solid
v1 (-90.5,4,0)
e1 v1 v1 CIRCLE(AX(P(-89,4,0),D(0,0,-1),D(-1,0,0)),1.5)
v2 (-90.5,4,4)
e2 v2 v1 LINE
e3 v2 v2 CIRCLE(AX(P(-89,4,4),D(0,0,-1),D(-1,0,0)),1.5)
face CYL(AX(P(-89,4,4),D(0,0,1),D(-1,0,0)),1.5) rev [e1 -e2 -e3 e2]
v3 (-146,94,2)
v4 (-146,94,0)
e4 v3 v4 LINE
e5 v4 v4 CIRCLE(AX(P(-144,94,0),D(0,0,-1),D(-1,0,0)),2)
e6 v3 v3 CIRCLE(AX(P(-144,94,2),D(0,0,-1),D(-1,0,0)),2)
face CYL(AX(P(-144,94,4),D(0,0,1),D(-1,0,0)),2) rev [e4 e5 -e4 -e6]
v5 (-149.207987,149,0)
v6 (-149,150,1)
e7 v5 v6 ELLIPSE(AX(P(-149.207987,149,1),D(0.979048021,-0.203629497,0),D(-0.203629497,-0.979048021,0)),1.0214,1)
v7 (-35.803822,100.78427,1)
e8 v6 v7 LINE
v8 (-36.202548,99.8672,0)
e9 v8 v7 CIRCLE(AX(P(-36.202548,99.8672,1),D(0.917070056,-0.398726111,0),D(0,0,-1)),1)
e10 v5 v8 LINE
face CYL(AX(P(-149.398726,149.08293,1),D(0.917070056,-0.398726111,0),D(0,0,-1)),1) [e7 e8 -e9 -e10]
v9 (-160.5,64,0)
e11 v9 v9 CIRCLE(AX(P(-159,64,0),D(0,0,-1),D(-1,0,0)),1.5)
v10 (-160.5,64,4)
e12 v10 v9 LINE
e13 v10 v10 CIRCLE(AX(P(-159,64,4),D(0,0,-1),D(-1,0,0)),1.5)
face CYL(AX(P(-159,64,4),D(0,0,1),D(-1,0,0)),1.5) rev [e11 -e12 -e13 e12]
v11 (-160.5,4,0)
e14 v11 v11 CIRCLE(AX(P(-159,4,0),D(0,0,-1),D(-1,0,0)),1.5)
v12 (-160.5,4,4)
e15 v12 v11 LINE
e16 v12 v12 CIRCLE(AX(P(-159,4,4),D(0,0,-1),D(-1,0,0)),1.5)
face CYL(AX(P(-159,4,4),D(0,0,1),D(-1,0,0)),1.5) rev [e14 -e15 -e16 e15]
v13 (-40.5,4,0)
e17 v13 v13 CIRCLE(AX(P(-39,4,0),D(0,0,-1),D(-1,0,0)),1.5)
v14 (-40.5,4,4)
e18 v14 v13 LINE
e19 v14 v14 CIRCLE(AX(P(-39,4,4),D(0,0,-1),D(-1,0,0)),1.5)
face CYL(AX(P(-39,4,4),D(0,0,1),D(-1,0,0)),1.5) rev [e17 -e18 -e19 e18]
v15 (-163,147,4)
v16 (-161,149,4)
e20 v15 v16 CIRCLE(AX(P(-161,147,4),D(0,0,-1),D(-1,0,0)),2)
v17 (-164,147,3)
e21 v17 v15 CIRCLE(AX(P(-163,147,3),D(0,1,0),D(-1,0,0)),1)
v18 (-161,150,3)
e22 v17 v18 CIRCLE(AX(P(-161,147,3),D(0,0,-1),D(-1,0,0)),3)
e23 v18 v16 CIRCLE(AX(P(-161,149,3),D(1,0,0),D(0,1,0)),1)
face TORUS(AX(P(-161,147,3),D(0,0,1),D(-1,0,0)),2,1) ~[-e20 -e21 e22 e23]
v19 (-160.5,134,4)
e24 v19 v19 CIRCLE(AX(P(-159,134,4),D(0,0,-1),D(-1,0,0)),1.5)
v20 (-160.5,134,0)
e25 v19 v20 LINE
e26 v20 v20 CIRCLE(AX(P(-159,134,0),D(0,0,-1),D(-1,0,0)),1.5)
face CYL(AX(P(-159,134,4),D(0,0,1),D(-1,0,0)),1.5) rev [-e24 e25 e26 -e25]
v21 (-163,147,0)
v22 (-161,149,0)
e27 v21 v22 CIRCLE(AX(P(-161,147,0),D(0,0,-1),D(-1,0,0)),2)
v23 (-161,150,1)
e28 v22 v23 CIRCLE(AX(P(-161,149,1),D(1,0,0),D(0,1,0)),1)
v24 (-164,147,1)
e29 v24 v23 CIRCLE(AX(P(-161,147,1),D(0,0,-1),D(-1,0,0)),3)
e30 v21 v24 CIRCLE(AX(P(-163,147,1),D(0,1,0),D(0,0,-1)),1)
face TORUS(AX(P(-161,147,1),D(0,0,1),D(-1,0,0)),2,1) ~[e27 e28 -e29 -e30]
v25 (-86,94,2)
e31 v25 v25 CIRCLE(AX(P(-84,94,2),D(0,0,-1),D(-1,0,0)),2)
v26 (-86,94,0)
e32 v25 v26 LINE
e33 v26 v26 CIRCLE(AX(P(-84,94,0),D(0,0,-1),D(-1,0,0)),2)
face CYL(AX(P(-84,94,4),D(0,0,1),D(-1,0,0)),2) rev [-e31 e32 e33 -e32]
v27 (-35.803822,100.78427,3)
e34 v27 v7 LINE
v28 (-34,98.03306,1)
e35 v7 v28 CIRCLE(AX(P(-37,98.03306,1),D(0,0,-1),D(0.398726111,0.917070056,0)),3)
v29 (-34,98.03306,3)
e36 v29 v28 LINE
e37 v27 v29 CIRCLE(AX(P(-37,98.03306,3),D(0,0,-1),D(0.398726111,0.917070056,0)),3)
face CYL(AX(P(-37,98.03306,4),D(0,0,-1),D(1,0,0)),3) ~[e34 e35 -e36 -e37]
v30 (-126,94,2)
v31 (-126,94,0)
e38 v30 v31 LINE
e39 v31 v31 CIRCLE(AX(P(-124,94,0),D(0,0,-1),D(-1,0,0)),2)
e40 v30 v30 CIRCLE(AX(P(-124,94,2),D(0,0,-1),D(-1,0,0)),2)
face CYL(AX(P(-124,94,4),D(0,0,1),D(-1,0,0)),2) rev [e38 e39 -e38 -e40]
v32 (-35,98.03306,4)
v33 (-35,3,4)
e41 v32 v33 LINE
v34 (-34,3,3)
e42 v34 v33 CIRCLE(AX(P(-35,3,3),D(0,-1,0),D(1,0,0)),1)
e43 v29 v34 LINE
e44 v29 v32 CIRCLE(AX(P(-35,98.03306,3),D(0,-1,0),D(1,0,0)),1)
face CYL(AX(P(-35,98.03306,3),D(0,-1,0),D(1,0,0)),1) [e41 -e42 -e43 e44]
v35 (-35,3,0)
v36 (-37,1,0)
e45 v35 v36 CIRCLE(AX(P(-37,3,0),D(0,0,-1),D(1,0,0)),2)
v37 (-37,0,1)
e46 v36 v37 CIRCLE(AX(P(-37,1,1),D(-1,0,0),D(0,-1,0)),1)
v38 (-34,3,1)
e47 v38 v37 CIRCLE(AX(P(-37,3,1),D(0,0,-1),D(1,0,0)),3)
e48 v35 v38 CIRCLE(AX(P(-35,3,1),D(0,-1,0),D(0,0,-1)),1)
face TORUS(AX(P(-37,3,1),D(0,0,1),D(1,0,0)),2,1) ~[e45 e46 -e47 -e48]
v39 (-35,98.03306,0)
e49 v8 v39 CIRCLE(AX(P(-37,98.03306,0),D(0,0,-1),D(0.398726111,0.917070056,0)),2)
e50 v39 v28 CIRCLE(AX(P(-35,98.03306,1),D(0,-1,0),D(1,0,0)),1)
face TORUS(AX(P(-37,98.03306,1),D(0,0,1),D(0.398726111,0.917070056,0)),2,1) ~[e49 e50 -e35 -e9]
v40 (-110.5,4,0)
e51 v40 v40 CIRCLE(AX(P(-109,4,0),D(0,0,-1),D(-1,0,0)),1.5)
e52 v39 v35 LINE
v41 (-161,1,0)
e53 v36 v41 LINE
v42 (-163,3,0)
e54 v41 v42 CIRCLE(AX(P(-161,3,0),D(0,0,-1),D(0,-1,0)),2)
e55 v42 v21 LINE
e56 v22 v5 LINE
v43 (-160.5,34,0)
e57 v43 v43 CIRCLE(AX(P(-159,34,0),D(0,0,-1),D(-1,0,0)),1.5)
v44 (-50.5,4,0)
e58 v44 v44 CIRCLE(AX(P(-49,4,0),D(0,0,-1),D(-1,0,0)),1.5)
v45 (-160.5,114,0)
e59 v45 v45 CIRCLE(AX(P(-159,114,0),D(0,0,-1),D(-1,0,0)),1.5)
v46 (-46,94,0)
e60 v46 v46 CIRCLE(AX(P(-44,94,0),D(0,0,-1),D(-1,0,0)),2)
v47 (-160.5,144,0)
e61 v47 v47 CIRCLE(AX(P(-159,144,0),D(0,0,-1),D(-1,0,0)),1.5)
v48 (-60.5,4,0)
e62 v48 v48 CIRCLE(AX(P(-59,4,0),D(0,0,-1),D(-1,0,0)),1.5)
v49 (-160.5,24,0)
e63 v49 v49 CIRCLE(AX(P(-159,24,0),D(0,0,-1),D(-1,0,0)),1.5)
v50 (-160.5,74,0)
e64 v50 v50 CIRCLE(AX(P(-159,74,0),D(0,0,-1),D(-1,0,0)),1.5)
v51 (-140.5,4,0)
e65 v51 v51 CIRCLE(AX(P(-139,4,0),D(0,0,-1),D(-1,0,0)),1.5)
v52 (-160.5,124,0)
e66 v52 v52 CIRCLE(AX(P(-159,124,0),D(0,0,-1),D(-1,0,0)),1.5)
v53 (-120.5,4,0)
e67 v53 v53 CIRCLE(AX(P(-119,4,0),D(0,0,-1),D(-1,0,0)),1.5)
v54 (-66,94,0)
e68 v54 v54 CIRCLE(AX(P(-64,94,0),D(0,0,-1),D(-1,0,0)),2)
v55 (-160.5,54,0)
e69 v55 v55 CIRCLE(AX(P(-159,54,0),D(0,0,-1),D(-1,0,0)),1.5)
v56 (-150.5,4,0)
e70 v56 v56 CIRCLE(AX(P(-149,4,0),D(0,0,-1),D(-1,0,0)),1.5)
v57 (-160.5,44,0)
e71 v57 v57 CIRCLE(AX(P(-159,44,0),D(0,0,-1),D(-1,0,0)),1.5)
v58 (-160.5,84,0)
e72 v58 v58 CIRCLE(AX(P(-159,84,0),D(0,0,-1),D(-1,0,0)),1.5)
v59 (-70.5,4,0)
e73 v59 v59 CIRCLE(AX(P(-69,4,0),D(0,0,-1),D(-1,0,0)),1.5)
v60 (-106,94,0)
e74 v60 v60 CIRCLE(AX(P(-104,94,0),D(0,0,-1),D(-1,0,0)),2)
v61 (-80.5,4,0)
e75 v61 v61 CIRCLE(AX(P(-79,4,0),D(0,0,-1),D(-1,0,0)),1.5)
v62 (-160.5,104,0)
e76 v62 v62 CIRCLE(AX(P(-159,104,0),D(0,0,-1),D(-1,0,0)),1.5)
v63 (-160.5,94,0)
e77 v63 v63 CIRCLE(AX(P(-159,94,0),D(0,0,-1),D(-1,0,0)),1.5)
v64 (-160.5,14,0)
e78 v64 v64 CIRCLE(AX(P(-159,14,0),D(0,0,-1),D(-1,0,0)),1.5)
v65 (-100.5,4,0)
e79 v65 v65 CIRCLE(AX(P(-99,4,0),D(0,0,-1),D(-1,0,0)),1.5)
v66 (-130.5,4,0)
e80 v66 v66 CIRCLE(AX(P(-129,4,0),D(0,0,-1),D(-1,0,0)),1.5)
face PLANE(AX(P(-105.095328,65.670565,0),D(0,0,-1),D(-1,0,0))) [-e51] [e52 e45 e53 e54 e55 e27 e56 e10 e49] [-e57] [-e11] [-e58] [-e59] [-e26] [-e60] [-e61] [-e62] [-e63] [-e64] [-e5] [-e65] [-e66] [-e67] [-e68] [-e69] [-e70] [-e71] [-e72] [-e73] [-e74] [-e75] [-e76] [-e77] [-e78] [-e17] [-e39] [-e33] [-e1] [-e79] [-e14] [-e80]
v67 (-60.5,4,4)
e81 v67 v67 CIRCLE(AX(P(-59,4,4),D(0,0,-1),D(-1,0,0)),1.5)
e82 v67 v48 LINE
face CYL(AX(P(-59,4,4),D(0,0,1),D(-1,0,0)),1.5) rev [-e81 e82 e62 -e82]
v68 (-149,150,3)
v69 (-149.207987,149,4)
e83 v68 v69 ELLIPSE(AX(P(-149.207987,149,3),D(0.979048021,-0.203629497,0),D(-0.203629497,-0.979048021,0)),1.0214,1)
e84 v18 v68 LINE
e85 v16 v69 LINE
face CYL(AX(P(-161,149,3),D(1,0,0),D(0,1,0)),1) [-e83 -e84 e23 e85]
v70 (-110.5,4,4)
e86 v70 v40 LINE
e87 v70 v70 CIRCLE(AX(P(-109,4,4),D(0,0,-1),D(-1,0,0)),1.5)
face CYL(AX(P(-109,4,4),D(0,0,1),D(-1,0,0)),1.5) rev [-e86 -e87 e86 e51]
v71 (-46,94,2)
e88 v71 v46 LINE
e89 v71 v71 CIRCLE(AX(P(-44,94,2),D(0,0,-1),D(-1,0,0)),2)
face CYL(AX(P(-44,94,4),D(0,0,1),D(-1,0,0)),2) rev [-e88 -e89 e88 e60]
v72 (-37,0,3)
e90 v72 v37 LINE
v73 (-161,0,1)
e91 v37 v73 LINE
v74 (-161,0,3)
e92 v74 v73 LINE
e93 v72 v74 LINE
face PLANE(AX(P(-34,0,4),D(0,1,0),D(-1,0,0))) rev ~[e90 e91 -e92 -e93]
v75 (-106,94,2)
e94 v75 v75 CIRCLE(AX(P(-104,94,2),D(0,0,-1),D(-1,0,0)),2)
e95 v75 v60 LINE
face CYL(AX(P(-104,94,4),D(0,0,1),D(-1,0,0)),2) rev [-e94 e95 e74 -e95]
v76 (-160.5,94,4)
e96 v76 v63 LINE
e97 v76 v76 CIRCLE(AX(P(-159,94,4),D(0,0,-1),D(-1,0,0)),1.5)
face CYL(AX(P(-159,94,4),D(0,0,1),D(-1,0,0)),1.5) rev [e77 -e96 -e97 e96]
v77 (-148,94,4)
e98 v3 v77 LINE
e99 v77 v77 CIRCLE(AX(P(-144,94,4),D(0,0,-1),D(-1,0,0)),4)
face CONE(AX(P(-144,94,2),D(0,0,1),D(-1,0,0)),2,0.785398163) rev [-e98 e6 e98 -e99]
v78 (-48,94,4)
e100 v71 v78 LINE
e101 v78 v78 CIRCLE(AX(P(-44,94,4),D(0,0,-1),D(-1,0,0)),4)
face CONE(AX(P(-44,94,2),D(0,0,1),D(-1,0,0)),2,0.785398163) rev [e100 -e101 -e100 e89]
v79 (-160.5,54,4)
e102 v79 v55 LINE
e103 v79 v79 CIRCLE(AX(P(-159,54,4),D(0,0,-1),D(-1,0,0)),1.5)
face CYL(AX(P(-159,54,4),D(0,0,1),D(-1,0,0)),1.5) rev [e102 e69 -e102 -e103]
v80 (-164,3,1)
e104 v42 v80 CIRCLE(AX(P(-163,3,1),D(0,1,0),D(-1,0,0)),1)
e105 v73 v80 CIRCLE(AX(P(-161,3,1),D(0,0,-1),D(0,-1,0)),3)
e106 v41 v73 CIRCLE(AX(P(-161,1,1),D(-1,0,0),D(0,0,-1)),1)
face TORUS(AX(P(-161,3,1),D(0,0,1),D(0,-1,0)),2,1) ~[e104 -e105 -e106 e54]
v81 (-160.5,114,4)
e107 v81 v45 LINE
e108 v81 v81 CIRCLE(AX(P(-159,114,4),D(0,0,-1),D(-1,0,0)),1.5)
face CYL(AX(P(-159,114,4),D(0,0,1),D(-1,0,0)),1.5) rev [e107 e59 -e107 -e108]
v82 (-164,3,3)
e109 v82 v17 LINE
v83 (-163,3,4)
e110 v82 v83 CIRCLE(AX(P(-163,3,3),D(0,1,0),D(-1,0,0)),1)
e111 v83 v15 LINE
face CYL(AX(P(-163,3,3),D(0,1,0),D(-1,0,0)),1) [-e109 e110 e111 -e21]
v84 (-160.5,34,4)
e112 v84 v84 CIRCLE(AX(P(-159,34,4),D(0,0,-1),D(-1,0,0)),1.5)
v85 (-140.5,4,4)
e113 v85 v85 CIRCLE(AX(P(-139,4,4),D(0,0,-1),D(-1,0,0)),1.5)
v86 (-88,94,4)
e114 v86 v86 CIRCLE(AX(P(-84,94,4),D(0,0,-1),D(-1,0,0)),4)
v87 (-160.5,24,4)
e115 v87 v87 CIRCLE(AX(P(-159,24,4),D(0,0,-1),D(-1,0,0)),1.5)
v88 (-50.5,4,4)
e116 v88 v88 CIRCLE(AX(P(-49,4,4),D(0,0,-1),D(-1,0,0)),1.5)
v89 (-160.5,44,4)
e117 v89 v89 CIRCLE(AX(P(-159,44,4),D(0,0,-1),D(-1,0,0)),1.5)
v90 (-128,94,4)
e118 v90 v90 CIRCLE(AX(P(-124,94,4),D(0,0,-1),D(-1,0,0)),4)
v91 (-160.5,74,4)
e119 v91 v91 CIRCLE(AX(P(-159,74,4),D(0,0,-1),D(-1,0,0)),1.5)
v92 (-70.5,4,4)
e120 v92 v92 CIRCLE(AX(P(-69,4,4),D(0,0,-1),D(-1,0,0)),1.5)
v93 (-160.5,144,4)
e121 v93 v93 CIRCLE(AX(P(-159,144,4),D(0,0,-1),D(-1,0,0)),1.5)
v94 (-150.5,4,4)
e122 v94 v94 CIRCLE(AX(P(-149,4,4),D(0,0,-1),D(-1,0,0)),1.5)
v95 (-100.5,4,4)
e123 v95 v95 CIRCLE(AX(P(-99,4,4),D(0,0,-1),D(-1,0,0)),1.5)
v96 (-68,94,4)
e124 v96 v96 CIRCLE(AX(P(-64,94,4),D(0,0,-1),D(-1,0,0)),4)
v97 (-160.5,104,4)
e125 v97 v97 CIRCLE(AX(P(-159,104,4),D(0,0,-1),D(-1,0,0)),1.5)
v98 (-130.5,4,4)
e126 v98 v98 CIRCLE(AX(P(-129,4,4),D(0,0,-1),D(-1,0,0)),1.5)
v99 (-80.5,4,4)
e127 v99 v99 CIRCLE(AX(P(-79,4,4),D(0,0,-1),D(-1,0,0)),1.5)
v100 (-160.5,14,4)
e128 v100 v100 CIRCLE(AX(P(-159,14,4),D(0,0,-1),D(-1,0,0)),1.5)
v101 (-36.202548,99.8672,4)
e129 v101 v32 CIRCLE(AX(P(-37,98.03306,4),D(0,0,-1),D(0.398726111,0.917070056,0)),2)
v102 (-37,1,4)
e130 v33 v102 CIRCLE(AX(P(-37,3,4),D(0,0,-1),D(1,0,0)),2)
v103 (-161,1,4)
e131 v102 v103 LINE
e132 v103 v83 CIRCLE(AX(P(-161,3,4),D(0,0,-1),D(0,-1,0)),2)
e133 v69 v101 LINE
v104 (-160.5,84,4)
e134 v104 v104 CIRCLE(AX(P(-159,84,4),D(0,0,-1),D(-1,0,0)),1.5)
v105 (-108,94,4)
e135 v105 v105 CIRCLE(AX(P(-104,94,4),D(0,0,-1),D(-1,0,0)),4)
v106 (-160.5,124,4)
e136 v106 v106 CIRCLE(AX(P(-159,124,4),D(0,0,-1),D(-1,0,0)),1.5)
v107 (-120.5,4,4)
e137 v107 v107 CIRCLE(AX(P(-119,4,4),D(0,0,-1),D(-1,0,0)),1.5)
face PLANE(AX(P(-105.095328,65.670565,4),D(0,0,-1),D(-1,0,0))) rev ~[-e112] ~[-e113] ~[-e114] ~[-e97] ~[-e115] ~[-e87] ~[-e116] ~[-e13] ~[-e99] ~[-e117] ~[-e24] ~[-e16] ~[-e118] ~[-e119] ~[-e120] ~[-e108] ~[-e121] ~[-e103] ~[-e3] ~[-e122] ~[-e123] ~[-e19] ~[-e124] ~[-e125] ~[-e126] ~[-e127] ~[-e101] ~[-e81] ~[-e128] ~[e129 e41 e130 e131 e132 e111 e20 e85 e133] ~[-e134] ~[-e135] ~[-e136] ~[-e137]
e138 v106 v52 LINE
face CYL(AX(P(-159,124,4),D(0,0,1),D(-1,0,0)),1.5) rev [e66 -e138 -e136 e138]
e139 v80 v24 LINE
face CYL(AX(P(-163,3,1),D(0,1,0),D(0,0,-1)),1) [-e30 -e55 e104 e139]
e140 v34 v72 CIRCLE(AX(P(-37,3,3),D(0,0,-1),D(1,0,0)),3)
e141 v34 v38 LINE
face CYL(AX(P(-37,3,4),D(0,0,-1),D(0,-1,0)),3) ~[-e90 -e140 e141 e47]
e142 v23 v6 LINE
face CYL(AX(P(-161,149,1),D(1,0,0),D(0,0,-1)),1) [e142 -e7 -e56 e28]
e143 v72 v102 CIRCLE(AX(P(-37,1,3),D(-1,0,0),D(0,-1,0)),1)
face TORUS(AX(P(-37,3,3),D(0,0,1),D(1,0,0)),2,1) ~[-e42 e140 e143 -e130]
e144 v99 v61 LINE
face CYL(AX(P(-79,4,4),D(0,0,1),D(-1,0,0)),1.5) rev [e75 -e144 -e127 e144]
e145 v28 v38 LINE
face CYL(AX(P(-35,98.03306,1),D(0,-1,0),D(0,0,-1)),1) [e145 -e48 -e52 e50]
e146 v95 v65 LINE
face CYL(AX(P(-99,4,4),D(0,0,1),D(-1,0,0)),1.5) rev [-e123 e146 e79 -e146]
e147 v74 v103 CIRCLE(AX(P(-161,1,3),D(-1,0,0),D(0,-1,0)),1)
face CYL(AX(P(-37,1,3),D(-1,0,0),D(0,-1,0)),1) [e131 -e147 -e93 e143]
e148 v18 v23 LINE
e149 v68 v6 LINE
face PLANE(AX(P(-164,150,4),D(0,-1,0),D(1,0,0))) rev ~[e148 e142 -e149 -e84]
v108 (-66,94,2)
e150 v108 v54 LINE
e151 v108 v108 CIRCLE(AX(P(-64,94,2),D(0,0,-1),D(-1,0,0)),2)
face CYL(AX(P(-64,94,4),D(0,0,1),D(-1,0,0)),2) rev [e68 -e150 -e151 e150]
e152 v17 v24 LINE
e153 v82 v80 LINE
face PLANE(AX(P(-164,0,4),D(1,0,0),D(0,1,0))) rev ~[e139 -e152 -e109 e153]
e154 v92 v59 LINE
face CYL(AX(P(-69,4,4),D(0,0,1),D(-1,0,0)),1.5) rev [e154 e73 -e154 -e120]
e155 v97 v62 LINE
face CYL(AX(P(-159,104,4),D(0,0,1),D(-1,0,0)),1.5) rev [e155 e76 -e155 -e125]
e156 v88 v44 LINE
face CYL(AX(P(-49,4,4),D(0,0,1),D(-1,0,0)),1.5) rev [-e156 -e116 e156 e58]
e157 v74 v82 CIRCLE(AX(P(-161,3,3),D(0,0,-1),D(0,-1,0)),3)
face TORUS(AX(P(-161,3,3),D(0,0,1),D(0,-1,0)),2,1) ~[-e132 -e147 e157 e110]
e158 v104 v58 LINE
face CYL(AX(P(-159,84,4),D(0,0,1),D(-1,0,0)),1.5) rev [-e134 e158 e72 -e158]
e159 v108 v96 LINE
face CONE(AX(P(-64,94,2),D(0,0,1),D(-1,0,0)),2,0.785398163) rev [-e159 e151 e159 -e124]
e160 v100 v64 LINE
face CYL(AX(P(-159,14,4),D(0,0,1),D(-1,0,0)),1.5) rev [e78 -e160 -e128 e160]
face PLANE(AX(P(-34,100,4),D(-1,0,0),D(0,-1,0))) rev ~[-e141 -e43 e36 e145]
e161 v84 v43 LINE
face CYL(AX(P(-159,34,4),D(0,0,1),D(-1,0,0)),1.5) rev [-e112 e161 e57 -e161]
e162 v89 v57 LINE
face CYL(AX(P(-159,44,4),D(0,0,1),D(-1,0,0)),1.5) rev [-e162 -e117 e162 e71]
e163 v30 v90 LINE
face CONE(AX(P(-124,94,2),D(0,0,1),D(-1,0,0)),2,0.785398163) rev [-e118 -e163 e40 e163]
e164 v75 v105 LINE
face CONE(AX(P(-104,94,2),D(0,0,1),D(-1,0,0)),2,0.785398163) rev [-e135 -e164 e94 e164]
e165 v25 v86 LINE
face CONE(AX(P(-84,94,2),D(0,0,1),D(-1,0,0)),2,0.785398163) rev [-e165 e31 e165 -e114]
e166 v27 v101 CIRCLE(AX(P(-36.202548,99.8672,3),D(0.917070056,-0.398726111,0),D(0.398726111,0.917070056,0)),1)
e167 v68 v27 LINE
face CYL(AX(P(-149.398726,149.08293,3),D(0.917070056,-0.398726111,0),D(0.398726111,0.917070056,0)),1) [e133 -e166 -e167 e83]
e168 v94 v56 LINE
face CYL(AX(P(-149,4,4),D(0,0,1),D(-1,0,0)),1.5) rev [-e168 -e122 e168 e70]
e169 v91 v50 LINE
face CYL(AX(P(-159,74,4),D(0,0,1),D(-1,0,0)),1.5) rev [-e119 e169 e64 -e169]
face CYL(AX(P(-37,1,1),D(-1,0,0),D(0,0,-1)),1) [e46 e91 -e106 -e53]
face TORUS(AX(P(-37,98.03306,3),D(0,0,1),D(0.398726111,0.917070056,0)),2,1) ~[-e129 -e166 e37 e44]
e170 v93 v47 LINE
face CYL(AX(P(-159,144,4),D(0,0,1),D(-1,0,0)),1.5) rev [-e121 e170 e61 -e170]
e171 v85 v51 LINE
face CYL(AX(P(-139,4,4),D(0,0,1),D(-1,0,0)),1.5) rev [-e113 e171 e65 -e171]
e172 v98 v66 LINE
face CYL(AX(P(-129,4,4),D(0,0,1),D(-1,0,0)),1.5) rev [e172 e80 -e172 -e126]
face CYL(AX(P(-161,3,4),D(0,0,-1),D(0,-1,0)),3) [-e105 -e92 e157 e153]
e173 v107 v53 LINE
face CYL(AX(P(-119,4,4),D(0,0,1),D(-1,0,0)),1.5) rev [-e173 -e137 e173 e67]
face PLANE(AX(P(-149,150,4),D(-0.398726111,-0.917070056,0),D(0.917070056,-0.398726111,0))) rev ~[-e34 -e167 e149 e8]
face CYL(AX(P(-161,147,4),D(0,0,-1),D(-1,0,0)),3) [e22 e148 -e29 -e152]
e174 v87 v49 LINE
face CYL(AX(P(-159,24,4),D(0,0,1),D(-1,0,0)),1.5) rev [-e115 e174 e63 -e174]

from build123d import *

# Parameters (mm, degrees)
SKETCH001_R             = 1.5
SKETCH001_R_2           = 2
PAD001_DEPTH            = 4
CHAMFER001_SIZE         = 2
FILLET002_R             = 3
FILLET003_R             = 1
BODY001_PLACEMENT_ANGLE = 180


with BuildPart() as part:
    # Sketch001 → Pad001 (new body)
    with BuildSketch(Plane.XY):
        Polygon((0, 0), (130, 0), (130, 150), (115, 150), (0, 100), align=None)
        with Locations((5, 4)):
            Circle(SKETCH001_R, mode=Mode.SUBTRACT)
        with Locations((15, 4)):
            Circle(SKETCH001_R, mode=Mode.SUBTRACT)
        with Locations((25, 4)):
            Circle(SKETCH001_R, mode=Mode.SUBTRACT)
        with Locations((35, 4)):
            Circle(SKETCH001_R, mode=Mode.SUBTRACT)
        with Locations((45, 4)):
            Circle(SKETCH001_R, mode=Mode.SUBTRACT)
        with Locations((55, 4)):
            Circle(SKETCH001_R, mode=Mode.SUBTRACT)
        with Locations((65, 4)):
            Circle(SKETCH001_R, mode=Mode.SUBTRACT)
        with Locations((75, 4)):
            Circle(SKETCH001_R, mode=Mode.SUBTRACT)
        with Locations((85, 4)):
            Circle(SKETCH001_R, mode=Mode.SUBTRACT)
        with Locations((95, 4)):
            Circle(SKETCH001_R, mode=Mode.SUBTRACT)
        with Locations((105, 4)):
            Circle(SKETCH001_R, mode=Mode.SUBTRACT)
        with Locations((115, 4)):
            Circle(SKETCH001_R, mode=Mode.SUBTRACT)
        with Locations((125, 4)):
            Circle(SKETCH001_R, mode=Mode.SUBTRACT)
        with Locations((125, 14)):
            Circle(SKETCH001_R, mode=Mode.SUBTRACT)
        with Locations((125, 24)):
            Circle(SKETCH001_R, mode=Mode.SUBTRACT)
        with Locations((125, 34)):
            Circle(SKETCH001_R, mode=Mode.SUBTRACT)
        with Locations((125, 44)):
            Circle(SKETCH001_R, mode=Mode.SUBTRACT)
        with Locations((125, 54)):
            Circle(SKETCH001_R, mode=Mode.SUBTRACT)
        with Locations((125, 64)):
            Circle(SKETCH001_R, mode=Mode.SUBTRACT)
        with Locations((125, 74)):
            Circle(SKETCH001_R, mode=Mode.SUBTRACT)
        with Locations((125, 84)):
            Circle(SKETCH001_R, mode=Mode.SUBTRACT)
        with Locations((125, 94)):
            Circle(SKETCH001_R, mode=Mode.SUBTRACT)
        with Locations((125, 104)):
            Circle(SKETCH001_R, mode=Mode.SUBTRACT)
        with Locations((125, 114)):
            Circle(SKETCH001_R, mode=Mode.SUBTRACT)
        with Locations((125, 124)):
            Circle(SKETCH001_R, mode=Mode.SUBTRACT)
        with Locations((125, 134)):
            Circle(SKETCH001_R, mode=Mode.SUBTRACT)
        with Locations((125, 144)):
            Circle(SKETCH001_R, mode=Mode.SUBTRACT)
        with Locations((10, 94)):
            Circle(SKETCH001_R_2, mode=Mode.SUBTRACT)
        with Locations((30, 94)):
            Circle(SKETCH001_R_2, mode=Mode.SUBTRACT)
        with Locations((50, 94)):
            Circle(SKETCH001_R_2, mode=Mode.SUBTRACT)
        with Locations((70, 94)):
            Circle(SKETCH001_R_2, mode=Mode.SUBTRACT)
        with Locations((90, 94)):
            Circle(SKETCH001_R_2, mode=Mode.SUBTRACT)
        with Locations((110, 94)):
            Circle(SKETCH001_R_2, mode=Mode.SUBTRACT)
    extrude(amount=PAD001_DEPTH)

    # Chamfer001
    chamfer001_edges = [part.edges().sort_by_distance(p)[0] for p in [
        (108, 94, 0),
        (88, 94, 0),
        (68, 94, 0),
        (48, 94, 0),
        (28, 94, 0),
        (8, 94, 0),
    ]]
    chamfer(chamfer001_edges, length=CHAMFER001_SIZE)

    # Fillet002
    fillet002_edges = [part.edges().sort_by_distance(p)[0] for p in [
        (130, 150, 2),
        (0, 100, 2),
        (130, 0, 2),
        (0, 0, 2),
    ]]
    fillet(fillet002_edges, radius=FILLET002_R)

    # Fillet003
    fillet003_edges = [part.edges().sort_by_distance(p)[0] for p in [
        (65, 0, 0),
        (3, 0, 2),
        (127, 0, 2),
        (65, 0, 4),
    ]]
    fillet(fillet003_edges, radius=FILLET003_R)


with BuildPart() as part_1:
    # Body001 placement: moved
    add(part.part.moved(Location((-34, 0, 4))).rotate(Axis((-34, 0, 4), (0, 1, 0)), BODY001_PLACEMENT_ANGLE))


solid = part_1.part
